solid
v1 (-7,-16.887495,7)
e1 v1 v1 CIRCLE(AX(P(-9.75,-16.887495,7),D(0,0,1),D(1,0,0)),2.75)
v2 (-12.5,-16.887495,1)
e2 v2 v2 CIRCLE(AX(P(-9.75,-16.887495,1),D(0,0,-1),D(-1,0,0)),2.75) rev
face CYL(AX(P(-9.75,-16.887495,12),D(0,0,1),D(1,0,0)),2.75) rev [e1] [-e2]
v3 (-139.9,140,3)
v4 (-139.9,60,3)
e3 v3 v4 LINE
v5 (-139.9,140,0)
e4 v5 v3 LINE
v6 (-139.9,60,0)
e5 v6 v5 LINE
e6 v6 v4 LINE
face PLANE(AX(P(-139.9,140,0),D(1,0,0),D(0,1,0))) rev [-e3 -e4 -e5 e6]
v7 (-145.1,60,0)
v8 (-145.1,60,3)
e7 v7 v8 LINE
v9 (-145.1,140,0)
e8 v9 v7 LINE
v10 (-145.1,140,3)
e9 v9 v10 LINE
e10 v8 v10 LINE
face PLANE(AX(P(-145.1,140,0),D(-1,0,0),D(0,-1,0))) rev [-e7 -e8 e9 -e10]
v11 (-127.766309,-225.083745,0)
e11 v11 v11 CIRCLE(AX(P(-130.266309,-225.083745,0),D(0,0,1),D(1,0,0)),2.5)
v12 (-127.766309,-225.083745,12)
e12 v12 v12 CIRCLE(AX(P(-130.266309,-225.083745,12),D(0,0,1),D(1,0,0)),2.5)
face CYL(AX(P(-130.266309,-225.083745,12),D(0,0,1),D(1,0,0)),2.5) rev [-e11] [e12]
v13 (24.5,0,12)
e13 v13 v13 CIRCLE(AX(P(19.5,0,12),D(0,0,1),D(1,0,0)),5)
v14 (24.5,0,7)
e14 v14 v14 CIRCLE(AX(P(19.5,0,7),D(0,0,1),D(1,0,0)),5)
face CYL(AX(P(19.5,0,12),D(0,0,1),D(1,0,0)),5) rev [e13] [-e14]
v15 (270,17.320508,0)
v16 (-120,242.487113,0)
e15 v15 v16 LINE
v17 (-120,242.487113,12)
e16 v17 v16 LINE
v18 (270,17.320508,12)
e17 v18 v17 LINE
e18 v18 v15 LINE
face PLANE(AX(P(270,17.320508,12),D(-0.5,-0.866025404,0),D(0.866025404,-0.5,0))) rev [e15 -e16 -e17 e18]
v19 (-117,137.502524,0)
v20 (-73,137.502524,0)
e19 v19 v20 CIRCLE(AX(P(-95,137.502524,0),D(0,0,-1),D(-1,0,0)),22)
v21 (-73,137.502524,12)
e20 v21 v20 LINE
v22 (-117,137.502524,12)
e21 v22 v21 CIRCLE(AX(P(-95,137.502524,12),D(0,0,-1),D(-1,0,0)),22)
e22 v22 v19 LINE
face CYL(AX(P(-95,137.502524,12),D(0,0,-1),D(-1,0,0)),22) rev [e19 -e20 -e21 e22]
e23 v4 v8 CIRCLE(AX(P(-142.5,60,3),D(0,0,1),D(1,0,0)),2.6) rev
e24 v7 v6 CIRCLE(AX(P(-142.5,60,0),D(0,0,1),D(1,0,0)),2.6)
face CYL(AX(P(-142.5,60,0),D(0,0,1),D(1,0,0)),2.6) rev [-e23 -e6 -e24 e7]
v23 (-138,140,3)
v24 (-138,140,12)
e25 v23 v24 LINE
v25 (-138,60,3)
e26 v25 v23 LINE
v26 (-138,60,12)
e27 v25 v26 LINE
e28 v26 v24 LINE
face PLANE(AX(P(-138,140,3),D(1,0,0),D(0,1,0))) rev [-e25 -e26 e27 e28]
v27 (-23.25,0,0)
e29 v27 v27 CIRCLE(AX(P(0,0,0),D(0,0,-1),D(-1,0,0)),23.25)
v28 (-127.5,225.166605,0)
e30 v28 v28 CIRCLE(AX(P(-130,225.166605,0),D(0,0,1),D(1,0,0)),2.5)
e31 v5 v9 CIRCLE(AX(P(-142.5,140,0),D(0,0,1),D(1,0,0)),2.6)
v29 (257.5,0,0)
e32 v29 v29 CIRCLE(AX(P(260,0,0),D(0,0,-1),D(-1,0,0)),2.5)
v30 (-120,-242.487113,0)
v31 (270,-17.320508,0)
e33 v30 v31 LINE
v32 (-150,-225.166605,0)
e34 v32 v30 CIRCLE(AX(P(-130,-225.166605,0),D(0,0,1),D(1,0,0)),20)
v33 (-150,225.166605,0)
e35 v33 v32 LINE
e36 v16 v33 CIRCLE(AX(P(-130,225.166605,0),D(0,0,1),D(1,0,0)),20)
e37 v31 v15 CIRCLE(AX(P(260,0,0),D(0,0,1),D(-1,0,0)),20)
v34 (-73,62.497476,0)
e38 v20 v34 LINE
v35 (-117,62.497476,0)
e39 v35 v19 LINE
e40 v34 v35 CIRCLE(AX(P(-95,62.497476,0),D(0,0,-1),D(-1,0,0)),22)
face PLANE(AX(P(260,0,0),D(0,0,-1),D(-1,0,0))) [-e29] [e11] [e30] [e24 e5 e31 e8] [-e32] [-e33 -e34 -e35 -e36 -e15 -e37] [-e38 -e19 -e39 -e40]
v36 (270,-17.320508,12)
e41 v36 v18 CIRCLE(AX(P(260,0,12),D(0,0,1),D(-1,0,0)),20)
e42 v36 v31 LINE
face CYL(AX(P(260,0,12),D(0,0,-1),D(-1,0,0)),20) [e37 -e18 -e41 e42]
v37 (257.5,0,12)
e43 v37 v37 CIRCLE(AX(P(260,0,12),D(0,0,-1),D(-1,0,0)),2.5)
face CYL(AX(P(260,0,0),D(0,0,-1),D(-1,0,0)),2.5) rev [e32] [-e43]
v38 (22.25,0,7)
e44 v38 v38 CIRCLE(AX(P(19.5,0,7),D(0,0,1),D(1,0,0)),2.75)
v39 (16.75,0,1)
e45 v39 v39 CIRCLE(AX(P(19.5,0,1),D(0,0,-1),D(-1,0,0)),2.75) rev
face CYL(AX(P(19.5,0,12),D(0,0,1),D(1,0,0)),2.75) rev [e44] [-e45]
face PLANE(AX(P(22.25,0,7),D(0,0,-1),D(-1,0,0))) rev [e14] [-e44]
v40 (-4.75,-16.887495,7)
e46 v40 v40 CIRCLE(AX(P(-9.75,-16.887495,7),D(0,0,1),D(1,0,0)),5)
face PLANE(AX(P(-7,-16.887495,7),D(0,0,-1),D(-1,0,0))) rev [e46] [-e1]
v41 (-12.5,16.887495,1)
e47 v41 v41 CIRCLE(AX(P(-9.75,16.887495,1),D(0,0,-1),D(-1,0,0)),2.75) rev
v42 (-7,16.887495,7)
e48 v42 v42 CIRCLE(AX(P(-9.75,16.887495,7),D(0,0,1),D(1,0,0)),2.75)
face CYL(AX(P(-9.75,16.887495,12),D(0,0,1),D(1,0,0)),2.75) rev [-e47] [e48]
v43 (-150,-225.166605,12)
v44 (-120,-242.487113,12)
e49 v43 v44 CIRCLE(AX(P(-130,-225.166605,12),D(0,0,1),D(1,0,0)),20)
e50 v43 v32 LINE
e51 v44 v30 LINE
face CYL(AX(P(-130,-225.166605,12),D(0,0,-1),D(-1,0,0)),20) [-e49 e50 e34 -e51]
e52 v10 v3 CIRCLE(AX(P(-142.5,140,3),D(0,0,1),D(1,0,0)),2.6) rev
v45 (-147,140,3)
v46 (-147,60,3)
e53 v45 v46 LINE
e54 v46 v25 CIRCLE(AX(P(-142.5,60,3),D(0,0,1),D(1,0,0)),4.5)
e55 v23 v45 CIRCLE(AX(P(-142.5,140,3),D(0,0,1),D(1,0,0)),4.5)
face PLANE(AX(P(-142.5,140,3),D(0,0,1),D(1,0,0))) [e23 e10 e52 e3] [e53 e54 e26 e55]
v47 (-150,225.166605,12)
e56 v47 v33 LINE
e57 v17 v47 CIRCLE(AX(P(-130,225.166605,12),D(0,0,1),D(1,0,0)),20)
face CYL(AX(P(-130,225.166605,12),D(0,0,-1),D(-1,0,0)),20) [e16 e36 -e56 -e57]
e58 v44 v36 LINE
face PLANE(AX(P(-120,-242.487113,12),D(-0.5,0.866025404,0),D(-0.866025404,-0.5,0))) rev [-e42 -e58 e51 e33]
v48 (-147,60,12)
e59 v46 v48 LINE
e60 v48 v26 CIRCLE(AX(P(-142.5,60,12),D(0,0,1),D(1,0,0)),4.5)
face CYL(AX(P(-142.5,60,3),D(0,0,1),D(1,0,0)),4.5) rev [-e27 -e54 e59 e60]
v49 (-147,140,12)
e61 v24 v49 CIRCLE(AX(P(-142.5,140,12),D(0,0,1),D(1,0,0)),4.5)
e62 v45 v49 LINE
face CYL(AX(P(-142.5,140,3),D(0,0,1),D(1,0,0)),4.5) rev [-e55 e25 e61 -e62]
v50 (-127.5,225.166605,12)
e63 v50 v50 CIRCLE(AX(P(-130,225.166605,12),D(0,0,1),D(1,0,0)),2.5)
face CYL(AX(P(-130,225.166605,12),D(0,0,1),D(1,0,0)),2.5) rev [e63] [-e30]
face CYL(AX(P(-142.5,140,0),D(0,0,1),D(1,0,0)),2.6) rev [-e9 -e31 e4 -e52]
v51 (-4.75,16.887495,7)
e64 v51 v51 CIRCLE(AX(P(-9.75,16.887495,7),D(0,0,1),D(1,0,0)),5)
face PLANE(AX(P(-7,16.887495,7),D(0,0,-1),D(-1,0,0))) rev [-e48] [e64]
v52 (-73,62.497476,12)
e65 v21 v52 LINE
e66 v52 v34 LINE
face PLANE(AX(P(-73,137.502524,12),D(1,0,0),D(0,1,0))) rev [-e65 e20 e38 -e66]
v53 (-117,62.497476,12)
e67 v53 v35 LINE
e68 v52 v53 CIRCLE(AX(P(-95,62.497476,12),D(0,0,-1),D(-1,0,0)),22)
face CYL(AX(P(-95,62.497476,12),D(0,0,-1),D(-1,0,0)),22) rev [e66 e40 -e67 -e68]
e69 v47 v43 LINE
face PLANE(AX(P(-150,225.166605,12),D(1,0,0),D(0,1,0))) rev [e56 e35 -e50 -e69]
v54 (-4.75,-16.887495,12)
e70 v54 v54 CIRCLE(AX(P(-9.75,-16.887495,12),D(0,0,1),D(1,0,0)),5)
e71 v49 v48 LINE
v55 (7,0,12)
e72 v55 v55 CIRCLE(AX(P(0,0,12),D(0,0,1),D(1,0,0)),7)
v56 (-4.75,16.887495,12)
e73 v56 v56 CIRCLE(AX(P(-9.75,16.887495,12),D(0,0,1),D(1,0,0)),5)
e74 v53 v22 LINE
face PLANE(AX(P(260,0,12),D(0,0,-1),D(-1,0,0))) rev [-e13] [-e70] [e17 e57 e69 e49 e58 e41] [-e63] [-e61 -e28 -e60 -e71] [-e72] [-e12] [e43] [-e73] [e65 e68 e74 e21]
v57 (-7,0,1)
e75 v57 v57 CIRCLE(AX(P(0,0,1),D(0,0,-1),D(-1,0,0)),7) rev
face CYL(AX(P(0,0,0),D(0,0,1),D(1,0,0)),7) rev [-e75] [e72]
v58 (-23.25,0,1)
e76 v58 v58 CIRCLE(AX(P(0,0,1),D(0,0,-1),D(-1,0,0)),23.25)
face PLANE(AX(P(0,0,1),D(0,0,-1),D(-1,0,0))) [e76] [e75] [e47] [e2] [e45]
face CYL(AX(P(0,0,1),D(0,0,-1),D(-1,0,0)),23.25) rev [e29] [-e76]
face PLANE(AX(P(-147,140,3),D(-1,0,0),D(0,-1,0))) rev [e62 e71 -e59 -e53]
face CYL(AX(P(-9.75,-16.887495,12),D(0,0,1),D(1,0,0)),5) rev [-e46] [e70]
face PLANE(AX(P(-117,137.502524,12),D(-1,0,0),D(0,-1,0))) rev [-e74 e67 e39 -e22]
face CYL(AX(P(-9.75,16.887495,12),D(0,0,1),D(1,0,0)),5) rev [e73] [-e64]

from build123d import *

# Parameters (mm, degrees)
BOSS_EXTRU_1_DEPTH                                 = 12
TROU_TARAUD_M61_D                                  = 5
TROU_TARAUD_M62_D                                  = 5
CHAMBRAGE_POUR_VIS_T_TE_HEXAGONALE_M51_D           = 5.5
CHAMBRAGE_POUR_VIS_T_TE_HEXAGONALE_M51_CBORE_D     = 10
CHAMBRAGE_POUR_VIS_T_TE_HEXAGONALE_M51_CBORE_DEPTH = 5
ESQUISSE11_R                                       = 7
ENL_V_MAT_EXTRU_1_DEPTH                            = 13
R_P_TITION_CIRCULAIRE1_COUNT                       = 3
ESQUISSE12_R                                       = 23.25
ENL_V_MAT_EXTRU_2_DEPTH                            = 1
ENL_V_MAT_EXTRU_4_DEPTH                            = 13
ENL_V_MAT_EXTRU_5_DEPTH                            = 13
ENL_V_MAT_EXTRU_6_DEPTH                            = 9


with BuildPart() as part:
    # Esquisse1 → Boss.-Extru.1 (new body)
    with BuildSketch(Plane.XY):
        with BuildLine():
            Line((270, 17.320508076), (-120, 242.48711306))
            ThreePointArc((-120, 242.48711306), (-140, 242.48711306), (-150, 225.166604984))
            Line((-150, 225.166604984), (-150, -225.166604984))
            ThreePointArc((-150, -225.166604984), (-140, -242.48711306), (-120, -242.48711306))
            Line((-120, -242.48711306), (270, -17.320508076))
            ThreePointArc((270, -17.320508076), (280, 0), (270, 17.320508076))
        make_face()
    extrude(amount=BOSS_EXTRU_1_DEPTH)

    # Trou taraudé M61 (through all)
    with Locations(Plane(origin=(0, 0, 0), x_dir=(1, 0, 0), z_dir=(0, 0, -1))):
        with Locations((260, 0)):
            Hole(TROU_TARAUD_M61_D / 2)

    # Trou taraudé M62 (through all)
    with Locations(Plane.XY.offset(12)):
        with Locations((-130.266309147, -225.083745367), (-130, 225.166604984)):
            Hole(TROU_TARAUD_M62_D / 2)

    # Chambrage pour vis à tête hexagonale M51 (through all)
    with Locations(Plane.XY.offset(12)):
        with Locations((19.5, 0)):
            chambrage_pour_vis_t_te_hexagonale_m51 = CounterBoreHole(CHAMBRAGE_POUR_VIS_T_TE_HEXAGONALE_M51_D / 2, CHAMBRAGE_POUR_VIS_T_TE_HEXAGONALE_M51_CBORE_D / 2, CHAMBRAGE_POUR_VIS_T_TE_HEXAGONALE_M51_CBORE_DEPTH)

    # Esquisse11 → Enlèv. mat.-Extru.1 (cut, through all)
    with BuildSketch(Plane.XY.offset(12)):
        Circle(ESQUISSE11_R)
    extrude(amount=-ENL_V_MAT_EXTRU_1_DEPTH, mode=Mode.SUBTRACT)

    # Répétition circulaire1: Chambrage pour vis à tête hexagonale M51 ×3 about axis
    r_p_tition_circulaire1_axis = Axis((0, 0, 0), (0, 0, 1))
    for i in range(1, R_P_TITION_CIRCULAIRE1_COUNT):
        add(chambrage_pour_vis_t_te_hexagonale_m51.rotate(r_p_tition_circulaire1_axis, i * 360 / R_P_TITION_CIRCULAIRE1_COUNT), mode=Mode.SUBTRACT)

    # Esquisse12 → Enlèv. mat.-Extru.2 (cut)
    with BuildSketch(Plane(origin=(0, 0, 0), x_dir=(-1, 0, 0), z_dir=(0, 0, -1))):
        Circle(ESQUISSE12_R)
    extrude(amount=-ENL_V_MAT_EXTRU_2_DEPTH, mode=Mode.SUBTRACT)

    # Esquisse15 → Enlèv. mat.-Extru.4 (cut, through all)
    with BuildSketch(Plane(origin=(0, 0, 0), x_dir=(-1, 0, 0), z_dir=(0, 0, -1))):
        with BuildLine():
            Line((117, 137.502524439), (117, 62.497475561))
            ThreePointArc((117, 62.497475561), (95, 40.497475561), (73, 62.497475561))
            Line((73, 62.497475561), (73, 137.502524439))
            ThreePointArc((73, 137.502524439), (95, 159.502524439), (117, 137.502524439))
        make_face()
    extrude(amount=-ENL_V_MAT_EXTRU_4_DEPTH, mode=Mode.SUBTRACT)

    # Esquisse16 → Enlèv. mat.-Extru.5 (cut, through all)
    with BuildSketch(Plane.XY.offset(12)):
        with BuildLine():
            Line((-139.9, 140), (-139.9, 60))
            ThreePointArc((-139.9, 60), (-142.5, 57.4), (-145.1, 60))
            Line((-145.1, 60), (-145.1, 140))
            ThreePointArc((-145.1, 140), (-142.5, 142.6), (-139.9, 140))
        make_face()
    extrude(amount=-ENL_V_MAT_EXTRU_5_DEPTH, mode=Mode.SUBTRACT)

    # Esquisse17 → Enlèv. mat.-Extru.6 (cut)
    with BuildSketch(Plane.XY.offset(12)):
        with BuildLine():
            Line((-138, 140), (-138, 60))
            ThreePointArc((-138, 60), (-142.5, 55.5), (-147, 60))
            Line((-147, 60), (-147, 140))
            ThreePointArc((-147, 140), (-142.5, 144.5), (-138, 140))
        make_face()
    extrude(amount=-ENL_V_MAT_EXTRU_6_DEPTH, mode=Mode.SUBTRACT)


solid = part.part
